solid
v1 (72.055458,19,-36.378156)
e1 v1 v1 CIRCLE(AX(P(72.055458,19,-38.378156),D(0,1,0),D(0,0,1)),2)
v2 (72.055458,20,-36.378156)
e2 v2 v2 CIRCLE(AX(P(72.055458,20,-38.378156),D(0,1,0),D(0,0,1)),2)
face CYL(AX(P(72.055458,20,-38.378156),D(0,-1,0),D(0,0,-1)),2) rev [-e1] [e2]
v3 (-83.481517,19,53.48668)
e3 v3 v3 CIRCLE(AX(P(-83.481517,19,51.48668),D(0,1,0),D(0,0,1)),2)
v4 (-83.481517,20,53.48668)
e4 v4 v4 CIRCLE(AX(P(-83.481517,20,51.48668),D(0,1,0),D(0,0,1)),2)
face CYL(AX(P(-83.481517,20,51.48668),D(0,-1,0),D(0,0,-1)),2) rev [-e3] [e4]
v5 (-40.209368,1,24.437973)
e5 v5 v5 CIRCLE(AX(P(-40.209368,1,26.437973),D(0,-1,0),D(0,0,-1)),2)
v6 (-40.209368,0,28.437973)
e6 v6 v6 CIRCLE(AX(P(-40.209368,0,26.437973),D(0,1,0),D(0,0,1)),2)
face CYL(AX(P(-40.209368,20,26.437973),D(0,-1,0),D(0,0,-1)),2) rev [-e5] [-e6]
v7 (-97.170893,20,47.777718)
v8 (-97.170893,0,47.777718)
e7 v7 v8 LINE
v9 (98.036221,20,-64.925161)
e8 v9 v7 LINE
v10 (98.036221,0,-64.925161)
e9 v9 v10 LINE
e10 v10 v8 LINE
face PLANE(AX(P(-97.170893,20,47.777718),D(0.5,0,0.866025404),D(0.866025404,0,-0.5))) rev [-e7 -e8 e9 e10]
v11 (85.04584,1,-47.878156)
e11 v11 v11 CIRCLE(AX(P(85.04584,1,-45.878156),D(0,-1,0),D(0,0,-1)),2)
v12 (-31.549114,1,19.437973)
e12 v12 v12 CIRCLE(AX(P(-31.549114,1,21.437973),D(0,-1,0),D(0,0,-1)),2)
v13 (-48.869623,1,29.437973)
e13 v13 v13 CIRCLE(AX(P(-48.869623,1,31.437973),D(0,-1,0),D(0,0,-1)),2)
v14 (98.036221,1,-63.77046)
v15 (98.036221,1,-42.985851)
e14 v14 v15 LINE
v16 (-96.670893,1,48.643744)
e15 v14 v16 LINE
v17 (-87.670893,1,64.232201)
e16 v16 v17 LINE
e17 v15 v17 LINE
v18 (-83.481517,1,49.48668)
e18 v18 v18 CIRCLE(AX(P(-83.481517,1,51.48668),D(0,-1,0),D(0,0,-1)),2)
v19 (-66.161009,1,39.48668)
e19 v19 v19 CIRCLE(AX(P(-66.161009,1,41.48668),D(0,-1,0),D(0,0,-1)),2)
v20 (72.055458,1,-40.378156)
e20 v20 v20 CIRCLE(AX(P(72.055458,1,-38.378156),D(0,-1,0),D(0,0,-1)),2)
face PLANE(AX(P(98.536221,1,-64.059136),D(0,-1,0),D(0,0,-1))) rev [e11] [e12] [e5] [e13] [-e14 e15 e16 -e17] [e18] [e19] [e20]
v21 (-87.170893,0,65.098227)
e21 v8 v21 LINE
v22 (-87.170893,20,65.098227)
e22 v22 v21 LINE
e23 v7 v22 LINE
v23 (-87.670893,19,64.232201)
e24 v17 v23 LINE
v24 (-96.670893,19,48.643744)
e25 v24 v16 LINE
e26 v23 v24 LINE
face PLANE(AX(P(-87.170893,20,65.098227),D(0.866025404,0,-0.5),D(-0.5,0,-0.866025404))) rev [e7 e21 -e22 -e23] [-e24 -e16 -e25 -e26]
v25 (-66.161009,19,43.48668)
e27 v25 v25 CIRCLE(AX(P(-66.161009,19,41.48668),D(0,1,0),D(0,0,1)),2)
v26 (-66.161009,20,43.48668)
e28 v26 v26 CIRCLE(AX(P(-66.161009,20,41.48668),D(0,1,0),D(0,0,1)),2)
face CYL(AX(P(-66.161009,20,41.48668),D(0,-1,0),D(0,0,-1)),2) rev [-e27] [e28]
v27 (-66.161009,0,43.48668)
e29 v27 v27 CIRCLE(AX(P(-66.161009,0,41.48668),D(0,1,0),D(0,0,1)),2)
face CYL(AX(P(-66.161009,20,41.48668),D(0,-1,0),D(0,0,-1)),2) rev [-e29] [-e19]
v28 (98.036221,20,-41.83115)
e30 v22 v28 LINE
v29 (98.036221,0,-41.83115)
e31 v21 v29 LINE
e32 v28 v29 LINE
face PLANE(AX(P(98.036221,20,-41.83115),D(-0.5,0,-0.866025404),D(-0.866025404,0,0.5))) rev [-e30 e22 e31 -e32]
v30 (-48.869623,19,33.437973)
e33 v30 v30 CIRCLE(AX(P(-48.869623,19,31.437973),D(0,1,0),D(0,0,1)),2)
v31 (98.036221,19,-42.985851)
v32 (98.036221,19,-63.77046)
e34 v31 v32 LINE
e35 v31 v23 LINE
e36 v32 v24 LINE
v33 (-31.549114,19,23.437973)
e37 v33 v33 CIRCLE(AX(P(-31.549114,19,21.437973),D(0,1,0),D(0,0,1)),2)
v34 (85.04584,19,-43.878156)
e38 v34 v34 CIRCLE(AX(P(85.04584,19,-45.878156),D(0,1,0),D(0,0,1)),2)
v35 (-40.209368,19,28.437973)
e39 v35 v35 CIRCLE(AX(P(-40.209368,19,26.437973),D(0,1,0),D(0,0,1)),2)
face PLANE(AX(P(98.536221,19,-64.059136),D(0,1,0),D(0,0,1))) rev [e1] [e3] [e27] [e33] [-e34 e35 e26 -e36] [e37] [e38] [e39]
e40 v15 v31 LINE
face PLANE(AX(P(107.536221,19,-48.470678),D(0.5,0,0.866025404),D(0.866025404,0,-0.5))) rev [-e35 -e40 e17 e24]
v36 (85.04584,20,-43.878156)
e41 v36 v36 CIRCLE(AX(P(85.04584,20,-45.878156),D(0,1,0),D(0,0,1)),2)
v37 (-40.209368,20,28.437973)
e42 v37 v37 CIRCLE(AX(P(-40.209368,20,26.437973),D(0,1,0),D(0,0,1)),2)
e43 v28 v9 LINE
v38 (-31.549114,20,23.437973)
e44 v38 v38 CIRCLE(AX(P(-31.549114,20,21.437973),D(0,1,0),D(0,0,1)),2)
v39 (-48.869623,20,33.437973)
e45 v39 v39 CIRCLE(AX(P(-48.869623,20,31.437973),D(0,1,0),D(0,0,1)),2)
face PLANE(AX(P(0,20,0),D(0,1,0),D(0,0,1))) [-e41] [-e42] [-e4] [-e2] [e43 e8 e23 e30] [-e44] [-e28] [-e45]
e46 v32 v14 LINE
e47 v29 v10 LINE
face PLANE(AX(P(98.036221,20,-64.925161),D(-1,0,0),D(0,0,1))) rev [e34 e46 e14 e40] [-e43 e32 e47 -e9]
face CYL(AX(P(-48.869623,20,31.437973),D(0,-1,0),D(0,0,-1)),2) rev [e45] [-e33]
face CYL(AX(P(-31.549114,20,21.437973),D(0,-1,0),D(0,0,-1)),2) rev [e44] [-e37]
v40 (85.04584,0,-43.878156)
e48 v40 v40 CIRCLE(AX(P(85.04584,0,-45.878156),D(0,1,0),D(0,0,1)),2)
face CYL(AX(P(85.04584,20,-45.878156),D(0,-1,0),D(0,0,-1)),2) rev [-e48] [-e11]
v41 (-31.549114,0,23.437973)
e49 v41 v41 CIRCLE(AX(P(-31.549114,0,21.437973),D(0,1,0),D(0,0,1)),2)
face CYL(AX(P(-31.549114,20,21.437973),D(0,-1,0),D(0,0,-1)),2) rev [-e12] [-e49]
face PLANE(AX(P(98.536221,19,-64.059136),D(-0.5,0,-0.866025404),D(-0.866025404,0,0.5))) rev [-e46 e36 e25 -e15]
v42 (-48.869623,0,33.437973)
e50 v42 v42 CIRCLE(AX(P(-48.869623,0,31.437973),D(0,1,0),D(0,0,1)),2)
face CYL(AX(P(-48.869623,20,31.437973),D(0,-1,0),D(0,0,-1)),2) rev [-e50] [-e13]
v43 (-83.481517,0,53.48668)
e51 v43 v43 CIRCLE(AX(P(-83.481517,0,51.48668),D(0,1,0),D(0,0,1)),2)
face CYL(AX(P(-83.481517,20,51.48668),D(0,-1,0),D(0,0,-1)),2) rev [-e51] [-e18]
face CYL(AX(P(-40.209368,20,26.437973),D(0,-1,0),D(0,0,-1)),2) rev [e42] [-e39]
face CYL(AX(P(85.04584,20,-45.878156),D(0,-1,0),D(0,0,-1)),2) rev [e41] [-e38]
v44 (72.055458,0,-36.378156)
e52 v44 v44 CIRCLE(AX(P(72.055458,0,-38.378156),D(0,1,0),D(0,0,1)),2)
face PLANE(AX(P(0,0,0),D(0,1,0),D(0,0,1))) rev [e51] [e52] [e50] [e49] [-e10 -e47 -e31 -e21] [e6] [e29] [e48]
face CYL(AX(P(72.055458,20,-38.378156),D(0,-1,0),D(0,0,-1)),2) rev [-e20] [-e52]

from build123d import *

# Parameters (mm, degrees)
SKETCH_1_R          = 2
EXTRUDE_1_DEPTH     = 20
SKETCH_2_W          = 18
SKETCH_2_H          = 18
CUT_EXTRUDE_1_DEPTH = 227.406099505


with BuildPart() as part:
    # 草图1 → 凸台-拉伸1 (new body)
    with BuildSketch(Plane(origin=(0, 0, 0), x_dir=(1, 0, 0), z_dir=(0, 1, 0))):
        Polygon((98.036220612, 64.925160964), (98.036220612, 41.831150196), (-87.17089272, -65.098226542), (-97.17089272, -47.777718466), align=None)
        with Locations(Location((-83.481517274, -51.486680212, 0), (0, 0, 270))):
            Circle(SKETCH_1_R, mode=Mode.SUBTRACT)
        with Locations(Location((-66.161009198, -41.486680212, 0), (0, 0, 270))):
            Circle(SKETCH_1_R, mode=Mode.SUBTRACT)
        with Locations(Location((-48.86962253, -31.437972504, 0), (0, 0, 270))):
            Circle(SKETCH_1_R, mode=Mode.SUBTRACT)
        with Locations(Location((-40.209368493, -26.437972504, 0), (0, 0, 270))):
            Circle(SKETCH_1_R, mode=Mode.SUBTRACT)
        with Locations(Location((-31.549114455, -21.437972504, 0), (0, 0, 270))):
            Circle(SKETCH_1_R, mode=Mode.SUBTRACT)
        with Locations(Location((72.055458499, 38.37815558, 0), (0, 0, 270))):
            Circle(SKETCH_1_R, mode=Mode.SUBTRACT)
        with Locations(Location((85.045839556, 45.87815558, 0), (0, 0, 270))):
            Circle(SKETCH_1_R, mode=Mode.SUBTRACT)
    extrude(amount=EXTRUDE_1_DEPTH)

    # 草图2 → 切除-拉伸1 (cut, through all)
    with BuildSketch(Plane(origin=(-93.566528503, 0, 54.020660418), x_dir=(0.500000000000001, 0, 0.8660254037844382), z_dir=(-0.866025403784438, 0, 0.5000000000000009))):
        with Locations((2.791271567, 10)):
            Rectangle(SKETCH_2_W, SKETCH_2_H)
    extrude(amount=-CUT_EXTRUDE_1_DEPTH, mode=Mode.SUBTRACT)


solid = part.part
